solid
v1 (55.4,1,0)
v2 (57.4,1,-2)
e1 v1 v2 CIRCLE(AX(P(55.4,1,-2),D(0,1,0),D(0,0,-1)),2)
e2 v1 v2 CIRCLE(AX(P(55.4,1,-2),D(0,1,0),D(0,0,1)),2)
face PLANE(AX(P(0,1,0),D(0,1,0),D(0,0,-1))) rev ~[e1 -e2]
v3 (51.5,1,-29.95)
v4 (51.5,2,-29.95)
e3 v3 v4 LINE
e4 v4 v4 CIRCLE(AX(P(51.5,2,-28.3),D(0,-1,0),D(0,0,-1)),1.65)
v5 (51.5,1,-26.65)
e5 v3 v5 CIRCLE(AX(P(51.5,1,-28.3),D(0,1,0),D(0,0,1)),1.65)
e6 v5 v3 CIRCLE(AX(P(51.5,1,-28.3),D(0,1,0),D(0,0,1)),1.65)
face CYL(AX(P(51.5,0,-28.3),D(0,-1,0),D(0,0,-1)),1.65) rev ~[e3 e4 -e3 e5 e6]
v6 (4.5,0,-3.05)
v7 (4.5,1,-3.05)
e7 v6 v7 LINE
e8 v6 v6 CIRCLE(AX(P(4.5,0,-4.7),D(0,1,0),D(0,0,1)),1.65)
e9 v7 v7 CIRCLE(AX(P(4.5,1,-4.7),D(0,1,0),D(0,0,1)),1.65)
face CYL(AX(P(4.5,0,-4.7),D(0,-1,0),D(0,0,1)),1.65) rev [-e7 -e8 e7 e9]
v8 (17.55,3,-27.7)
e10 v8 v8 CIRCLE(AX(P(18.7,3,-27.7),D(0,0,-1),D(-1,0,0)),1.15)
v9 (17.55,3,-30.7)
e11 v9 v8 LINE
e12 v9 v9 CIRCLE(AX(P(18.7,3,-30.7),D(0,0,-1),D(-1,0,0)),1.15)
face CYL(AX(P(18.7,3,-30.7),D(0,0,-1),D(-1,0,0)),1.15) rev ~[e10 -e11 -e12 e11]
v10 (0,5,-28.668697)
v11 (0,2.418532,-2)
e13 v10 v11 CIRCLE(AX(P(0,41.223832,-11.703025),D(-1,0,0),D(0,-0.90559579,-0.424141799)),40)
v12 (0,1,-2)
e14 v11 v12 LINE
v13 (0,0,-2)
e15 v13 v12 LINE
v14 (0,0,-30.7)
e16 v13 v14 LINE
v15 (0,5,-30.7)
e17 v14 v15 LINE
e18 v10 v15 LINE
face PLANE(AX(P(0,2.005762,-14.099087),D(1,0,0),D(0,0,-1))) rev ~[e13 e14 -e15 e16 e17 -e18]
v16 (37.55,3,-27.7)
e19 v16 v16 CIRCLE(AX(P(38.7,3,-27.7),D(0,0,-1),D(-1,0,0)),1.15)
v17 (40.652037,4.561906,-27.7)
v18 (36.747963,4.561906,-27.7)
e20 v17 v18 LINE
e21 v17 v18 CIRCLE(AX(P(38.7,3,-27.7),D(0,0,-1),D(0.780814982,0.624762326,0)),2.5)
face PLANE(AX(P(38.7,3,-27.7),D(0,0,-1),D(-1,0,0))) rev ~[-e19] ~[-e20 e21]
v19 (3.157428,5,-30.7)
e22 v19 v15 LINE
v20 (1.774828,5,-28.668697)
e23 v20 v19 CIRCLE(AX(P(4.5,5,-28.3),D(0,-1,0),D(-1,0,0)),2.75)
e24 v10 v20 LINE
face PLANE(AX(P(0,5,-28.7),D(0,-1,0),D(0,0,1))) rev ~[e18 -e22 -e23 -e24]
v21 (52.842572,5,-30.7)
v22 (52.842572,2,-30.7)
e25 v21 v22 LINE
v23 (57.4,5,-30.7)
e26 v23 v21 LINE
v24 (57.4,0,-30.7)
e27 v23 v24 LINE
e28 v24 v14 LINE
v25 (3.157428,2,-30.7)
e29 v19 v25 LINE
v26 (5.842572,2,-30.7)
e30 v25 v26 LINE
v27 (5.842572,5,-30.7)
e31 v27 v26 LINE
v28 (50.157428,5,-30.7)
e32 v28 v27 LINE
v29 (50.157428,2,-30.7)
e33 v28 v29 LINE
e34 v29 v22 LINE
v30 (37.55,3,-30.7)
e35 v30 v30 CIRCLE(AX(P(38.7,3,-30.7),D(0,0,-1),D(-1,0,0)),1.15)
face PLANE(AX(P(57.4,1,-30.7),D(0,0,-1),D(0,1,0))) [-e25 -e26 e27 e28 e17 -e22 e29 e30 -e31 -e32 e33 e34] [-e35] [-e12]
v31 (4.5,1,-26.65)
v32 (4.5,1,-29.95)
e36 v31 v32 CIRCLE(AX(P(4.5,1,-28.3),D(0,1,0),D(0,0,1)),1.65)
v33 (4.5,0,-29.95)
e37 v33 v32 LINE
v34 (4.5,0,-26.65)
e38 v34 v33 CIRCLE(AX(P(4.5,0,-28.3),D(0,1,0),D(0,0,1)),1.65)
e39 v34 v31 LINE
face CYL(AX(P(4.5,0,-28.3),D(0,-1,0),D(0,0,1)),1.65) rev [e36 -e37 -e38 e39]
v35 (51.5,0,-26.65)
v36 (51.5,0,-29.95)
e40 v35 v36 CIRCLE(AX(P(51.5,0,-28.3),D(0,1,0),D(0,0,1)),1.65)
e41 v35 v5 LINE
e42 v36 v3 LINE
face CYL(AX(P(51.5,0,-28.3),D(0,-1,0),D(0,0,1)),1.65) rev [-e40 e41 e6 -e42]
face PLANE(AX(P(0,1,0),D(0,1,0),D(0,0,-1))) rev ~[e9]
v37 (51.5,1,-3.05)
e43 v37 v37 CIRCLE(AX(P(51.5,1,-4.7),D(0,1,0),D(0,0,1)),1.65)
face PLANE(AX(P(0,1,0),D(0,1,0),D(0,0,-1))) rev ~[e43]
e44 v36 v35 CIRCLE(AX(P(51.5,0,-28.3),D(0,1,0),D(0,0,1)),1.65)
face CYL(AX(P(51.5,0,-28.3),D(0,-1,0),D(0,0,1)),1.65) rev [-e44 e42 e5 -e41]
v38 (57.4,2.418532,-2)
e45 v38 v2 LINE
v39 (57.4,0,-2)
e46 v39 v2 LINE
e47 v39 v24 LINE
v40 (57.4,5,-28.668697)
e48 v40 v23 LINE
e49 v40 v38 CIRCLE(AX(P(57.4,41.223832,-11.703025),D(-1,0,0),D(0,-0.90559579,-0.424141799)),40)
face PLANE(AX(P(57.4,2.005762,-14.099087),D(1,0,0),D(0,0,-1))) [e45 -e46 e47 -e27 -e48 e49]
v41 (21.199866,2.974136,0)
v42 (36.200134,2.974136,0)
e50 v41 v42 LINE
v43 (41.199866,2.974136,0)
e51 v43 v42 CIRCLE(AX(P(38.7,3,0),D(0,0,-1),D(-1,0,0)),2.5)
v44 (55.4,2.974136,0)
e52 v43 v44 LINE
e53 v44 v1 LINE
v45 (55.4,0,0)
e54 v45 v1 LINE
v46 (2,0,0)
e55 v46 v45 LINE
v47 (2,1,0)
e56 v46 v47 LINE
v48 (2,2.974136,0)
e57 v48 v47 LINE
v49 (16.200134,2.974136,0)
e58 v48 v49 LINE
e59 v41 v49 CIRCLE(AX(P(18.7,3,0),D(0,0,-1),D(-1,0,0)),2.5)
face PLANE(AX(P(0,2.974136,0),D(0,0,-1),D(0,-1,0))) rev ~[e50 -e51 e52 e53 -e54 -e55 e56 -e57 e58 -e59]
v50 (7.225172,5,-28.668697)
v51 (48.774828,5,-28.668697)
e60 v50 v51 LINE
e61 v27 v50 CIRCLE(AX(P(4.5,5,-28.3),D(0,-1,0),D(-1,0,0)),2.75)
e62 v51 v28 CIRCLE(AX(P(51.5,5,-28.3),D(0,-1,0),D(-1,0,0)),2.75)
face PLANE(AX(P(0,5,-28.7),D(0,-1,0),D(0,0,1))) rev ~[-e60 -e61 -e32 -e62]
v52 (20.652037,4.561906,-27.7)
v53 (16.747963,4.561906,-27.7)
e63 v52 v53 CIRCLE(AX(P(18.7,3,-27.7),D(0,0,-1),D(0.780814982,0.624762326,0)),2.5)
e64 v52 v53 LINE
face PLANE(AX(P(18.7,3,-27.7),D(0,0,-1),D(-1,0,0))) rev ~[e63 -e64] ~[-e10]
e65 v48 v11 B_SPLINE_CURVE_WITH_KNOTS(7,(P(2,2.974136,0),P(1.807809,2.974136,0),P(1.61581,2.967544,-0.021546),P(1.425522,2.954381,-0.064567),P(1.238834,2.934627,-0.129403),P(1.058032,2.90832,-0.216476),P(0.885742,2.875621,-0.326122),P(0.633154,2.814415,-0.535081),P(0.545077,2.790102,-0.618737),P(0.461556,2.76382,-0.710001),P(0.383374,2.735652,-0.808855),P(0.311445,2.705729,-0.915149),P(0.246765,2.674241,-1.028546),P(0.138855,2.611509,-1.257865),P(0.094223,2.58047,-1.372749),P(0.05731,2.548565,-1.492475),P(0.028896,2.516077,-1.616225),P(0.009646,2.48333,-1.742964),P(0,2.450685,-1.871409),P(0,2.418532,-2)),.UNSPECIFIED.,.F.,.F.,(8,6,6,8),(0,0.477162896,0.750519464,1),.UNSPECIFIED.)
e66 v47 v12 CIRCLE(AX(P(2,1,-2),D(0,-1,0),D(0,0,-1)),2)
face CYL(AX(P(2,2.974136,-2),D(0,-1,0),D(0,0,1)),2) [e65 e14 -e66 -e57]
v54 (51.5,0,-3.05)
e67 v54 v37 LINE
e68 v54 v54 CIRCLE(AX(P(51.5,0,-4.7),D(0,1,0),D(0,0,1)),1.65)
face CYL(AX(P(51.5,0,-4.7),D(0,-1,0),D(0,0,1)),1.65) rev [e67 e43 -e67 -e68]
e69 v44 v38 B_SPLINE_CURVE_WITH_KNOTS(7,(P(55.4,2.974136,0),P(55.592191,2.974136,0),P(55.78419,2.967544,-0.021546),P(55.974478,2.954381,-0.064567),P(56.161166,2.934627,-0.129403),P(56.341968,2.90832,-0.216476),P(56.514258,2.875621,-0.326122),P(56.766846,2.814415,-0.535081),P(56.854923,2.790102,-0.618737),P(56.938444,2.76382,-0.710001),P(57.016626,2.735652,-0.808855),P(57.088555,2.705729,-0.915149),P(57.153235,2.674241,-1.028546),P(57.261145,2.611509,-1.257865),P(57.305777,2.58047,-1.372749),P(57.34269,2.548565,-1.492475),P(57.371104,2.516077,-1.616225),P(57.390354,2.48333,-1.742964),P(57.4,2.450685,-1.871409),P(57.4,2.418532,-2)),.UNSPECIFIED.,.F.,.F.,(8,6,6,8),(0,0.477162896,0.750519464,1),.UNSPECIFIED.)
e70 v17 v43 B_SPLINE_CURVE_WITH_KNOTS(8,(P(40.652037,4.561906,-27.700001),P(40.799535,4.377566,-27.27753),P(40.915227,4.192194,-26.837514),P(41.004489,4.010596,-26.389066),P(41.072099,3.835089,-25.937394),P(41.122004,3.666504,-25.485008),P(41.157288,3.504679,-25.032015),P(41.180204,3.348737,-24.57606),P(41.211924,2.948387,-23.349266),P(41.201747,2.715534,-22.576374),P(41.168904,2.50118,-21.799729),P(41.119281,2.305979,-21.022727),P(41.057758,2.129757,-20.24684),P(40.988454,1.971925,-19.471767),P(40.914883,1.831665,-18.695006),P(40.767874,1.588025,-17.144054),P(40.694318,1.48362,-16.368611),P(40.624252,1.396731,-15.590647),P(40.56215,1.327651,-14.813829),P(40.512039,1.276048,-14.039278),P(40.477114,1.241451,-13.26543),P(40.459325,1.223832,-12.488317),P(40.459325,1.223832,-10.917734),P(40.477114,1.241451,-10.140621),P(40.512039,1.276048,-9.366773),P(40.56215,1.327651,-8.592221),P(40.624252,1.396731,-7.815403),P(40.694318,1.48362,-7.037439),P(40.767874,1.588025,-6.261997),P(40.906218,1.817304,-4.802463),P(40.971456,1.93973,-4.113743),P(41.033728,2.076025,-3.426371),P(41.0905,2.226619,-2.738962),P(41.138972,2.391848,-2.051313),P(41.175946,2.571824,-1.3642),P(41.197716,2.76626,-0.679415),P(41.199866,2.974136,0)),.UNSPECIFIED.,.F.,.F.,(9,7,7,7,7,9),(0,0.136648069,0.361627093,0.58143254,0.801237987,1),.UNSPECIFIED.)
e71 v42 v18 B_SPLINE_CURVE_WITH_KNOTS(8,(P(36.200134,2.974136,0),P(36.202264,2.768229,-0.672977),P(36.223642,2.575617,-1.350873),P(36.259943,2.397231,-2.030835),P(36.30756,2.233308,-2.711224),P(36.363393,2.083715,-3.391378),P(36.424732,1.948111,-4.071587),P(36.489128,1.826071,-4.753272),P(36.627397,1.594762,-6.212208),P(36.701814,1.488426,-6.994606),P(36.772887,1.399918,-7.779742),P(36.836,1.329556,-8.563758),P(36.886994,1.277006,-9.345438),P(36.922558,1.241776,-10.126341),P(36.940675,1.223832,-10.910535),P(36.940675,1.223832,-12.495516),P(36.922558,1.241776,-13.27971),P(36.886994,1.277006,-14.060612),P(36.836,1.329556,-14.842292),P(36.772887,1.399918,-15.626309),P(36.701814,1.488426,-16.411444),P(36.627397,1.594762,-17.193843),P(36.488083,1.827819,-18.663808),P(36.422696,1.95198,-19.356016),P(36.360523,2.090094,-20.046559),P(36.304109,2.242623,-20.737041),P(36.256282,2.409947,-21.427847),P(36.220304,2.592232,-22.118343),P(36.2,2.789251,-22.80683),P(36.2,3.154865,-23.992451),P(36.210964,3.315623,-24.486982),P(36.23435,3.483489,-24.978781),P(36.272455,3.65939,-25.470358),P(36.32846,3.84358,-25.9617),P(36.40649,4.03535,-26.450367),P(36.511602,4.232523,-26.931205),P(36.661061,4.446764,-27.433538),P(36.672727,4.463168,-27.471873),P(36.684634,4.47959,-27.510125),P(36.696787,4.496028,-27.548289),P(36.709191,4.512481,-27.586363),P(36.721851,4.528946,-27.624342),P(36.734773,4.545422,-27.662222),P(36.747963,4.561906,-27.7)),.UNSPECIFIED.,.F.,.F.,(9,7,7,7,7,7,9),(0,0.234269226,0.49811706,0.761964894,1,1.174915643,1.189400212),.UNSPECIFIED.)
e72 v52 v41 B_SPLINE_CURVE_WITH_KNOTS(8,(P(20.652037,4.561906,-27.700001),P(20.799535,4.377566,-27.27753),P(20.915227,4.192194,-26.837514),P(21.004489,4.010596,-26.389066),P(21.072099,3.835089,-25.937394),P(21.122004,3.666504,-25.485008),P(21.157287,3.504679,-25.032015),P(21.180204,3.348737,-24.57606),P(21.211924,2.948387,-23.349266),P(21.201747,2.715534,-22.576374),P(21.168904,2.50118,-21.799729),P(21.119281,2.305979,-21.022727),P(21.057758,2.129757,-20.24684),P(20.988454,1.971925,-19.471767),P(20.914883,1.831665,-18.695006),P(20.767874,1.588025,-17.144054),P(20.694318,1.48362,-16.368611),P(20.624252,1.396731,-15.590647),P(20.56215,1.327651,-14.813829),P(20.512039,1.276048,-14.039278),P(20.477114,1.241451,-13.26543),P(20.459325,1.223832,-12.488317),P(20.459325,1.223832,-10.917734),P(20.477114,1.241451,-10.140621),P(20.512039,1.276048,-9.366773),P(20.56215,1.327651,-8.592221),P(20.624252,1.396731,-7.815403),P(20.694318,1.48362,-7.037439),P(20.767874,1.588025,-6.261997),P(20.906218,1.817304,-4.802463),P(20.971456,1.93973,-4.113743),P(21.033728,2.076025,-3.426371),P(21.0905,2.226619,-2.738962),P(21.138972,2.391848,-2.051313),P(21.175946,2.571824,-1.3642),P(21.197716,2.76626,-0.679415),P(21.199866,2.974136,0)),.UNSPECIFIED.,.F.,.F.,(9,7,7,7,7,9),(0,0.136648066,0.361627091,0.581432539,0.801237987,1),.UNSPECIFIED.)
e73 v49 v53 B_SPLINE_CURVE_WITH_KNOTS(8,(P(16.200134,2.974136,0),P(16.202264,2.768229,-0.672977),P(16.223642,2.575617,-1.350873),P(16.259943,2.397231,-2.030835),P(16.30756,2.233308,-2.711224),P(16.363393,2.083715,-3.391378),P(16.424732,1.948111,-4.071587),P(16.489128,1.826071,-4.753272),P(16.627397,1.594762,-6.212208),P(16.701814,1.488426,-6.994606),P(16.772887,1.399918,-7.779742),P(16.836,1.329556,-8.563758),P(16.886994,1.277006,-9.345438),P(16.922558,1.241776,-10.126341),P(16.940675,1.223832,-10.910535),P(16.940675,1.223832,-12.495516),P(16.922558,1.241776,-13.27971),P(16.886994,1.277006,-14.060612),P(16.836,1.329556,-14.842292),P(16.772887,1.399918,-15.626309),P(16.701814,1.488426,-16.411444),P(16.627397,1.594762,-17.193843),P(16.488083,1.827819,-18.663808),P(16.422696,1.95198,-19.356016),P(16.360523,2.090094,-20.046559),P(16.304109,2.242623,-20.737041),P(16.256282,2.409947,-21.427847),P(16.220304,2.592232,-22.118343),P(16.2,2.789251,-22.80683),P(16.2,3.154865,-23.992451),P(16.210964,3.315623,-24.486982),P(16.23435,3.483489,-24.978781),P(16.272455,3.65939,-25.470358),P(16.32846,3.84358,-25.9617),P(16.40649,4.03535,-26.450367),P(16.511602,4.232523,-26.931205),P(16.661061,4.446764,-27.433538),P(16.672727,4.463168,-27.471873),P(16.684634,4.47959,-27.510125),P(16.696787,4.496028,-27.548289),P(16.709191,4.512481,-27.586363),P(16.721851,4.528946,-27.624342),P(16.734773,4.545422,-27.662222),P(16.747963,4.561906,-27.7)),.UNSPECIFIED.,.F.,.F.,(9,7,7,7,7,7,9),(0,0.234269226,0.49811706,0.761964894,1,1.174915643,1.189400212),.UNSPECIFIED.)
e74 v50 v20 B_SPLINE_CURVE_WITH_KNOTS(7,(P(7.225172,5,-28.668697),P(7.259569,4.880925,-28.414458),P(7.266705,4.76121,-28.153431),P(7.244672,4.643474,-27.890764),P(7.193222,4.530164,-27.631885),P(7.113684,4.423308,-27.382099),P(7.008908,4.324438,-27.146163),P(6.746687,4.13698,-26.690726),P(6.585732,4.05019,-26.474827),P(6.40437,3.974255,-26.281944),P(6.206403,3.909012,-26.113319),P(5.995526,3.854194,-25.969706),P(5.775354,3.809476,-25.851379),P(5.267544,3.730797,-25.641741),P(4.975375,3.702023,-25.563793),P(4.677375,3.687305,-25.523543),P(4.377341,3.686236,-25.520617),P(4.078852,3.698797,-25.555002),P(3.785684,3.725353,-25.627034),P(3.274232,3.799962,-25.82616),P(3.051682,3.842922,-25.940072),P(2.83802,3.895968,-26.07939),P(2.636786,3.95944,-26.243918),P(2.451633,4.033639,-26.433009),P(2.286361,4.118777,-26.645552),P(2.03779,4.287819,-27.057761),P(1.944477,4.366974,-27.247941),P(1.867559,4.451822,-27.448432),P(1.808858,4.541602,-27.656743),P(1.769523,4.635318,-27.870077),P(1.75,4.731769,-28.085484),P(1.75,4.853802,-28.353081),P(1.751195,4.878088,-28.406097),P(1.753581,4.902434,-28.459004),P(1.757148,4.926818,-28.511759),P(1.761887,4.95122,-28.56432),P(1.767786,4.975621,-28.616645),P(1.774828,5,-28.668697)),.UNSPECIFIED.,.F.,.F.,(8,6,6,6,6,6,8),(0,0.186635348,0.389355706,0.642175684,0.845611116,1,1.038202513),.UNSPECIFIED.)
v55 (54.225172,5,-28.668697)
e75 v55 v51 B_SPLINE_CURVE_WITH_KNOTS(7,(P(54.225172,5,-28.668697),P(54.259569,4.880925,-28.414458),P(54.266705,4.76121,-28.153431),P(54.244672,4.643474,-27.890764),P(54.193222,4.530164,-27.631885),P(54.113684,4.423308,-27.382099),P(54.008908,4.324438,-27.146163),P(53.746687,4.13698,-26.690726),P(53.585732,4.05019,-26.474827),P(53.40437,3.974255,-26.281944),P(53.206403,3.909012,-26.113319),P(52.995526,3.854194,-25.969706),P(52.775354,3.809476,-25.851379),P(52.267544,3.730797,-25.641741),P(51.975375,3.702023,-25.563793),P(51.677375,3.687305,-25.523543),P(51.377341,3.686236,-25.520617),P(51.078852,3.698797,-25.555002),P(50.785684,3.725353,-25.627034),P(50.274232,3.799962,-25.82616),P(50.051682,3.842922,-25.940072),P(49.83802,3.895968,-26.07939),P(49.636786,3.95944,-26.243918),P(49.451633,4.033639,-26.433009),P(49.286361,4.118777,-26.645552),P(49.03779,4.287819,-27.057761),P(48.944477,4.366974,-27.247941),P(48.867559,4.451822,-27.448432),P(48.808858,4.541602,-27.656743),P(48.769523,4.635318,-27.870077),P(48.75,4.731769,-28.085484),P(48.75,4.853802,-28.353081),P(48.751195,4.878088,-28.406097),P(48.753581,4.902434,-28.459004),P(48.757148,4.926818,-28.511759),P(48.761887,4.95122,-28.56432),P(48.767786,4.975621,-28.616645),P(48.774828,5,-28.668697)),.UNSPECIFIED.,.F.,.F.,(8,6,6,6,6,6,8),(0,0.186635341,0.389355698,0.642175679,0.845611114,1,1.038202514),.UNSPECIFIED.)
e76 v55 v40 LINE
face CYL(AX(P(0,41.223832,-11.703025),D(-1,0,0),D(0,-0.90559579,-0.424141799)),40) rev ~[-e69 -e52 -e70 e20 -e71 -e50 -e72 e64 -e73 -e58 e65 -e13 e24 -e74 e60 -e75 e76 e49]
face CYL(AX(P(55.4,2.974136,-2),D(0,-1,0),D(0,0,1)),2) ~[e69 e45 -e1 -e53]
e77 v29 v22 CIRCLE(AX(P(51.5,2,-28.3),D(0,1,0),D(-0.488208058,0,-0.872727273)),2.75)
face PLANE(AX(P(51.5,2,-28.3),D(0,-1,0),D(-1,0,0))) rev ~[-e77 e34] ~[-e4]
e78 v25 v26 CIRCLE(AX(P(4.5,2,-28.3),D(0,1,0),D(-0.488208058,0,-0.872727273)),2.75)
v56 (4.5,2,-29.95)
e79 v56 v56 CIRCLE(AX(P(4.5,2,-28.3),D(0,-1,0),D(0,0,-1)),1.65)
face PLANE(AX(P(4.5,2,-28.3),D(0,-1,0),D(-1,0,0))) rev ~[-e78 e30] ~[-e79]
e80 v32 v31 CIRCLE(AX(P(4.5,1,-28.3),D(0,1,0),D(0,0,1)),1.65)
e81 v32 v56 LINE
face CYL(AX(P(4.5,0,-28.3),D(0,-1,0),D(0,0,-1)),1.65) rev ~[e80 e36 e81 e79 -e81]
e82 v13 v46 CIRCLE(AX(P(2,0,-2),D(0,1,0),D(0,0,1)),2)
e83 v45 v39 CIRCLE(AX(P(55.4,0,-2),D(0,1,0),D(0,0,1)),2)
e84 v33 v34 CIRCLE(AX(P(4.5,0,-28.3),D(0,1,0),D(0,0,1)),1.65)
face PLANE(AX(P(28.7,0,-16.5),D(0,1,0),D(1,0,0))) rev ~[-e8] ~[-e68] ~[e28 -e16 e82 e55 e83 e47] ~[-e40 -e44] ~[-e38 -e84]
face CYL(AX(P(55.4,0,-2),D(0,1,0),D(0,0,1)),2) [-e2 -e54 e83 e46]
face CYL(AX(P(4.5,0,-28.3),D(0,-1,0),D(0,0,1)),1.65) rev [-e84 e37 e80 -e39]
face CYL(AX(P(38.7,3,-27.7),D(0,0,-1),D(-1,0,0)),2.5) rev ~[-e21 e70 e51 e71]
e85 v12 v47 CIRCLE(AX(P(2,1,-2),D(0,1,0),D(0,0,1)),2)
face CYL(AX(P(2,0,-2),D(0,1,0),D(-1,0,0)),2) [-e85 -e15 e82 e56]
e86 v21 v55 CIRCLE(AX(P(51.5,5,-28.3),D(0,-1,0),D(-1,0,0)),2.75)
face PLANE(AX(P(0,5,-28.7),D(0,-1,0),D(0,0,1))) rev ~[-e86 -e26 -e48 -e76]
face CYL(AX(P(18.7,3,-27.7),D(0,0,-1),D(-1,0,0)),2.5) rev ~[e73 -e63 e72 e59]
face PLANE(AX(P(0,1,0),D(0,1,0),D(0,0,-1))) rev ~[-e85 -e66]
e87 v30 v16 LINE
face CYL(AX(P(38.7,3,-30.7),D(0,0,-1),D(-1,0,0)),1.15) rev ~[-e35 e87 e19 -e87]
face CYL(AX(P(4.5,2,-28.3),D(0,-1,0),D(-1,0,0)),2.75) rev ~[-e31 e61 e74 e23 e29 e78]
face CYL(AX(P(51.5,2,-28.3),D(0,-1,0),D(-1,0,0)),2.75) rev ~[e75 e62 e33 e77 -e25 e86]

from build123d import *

# Parameters (mm, degrees)
SKETCH1_W           = 57.4
SKETCH1_H           = 33
SKETCH1_R           = 1.65
BOSS_EXTRUDE1_DEPTH = 1
CUT_EXTRUDE1_REACH  = 68.218
SKETCH2_W           = 57.4
SKETCH2_H           = 2.3
BOSS_EXTRUDE2_DEPTH = 57.4
FILLET1_R           = 2
BOSS_EXTRUDE3_DEPTH = 57.4
SKETCH4_R           = 1.65
CUT_EXTRUDE2_DEPTH  = 2
CUT_EXTRUDE3_REACH  = 67.163
SKETCH5_R           = 2.75
SKETCH6_R           = 1.15
CUT_EXTRUDE4_DEPTH  = 3
SKETCH9_R           = 2.5
CUT_EXTRUDE5_DEPTH  = 64.930040028
FILLET2_R           = 2


with BuildPart() as part:
    # Sketch1 → Boss-Extrude1 (new body)
    with BuildSketch(Plane(origin=(0, 0, 0), x_dir=(1, 0, 0), z_dir=(0, 1, 0))):
        with Locations((28.7, 16.5)):
            Rectangle(SKETCH1_W, SKETCH1_H)
        with Locations(Location((4.5, 28.3, 0), (0, 0, 270))):
            Circle(SKETCH1_R, mode=Mode.SUBTRACT)
        with Locations(Location((51.5, 28.3, 0), (0, 0, 270))):
            Circle(SKETCH1_R, mode=Mode.SUBTRACT)
        with Locations(Location((4.5, 4.7, 0), (0, 0, 270))):
            Circle(SKETCH1_R, mode=Mode.SUBTRACT)
        with Locations(Location((51.5, 4.7, 0), (0, 0, 270))):
            Circle(SKETCH1_R, mode=Mode.SUBTRACT)
    extrude(amount=BOSS_EXTRUDE1_DEPTH)

    # Sketch2 → Cut-Extrude1 (cut, up to next)
    with BuildSketch(Plane(origin=(0, 1, 0), x_dir=(1, 0, 0), z_dir=(0, 1, 0)), mode=Mode.PRIVATE) as cut_extrude1_sk1:
        with Locations((28.7, 31.85)):
            Rectangle(SKETCH2_W, SKETCH2_H)
    cut_extrude1_tool1 = extrude(cut_extrude1_sk1.sketch, amount=-CUT_EXTRUDE1_REACH, mode=Mode.PRIVATE) & part.part
    add(cut_extrude1_tool1.solids().sort_by_distance((28.7, 1, -31.85))[0], mode=Mode.SUBTRACT)

    # Sketch3 → Boss-Extrude2 (add)
    with BuildSketch(Plane(origin=(57.4, 0, 0), x_dir=(0, 0, -1), z_dir=(1, 0, 0))):
        Polygon((30.7, 1), (30.7, 5), (28.7, 5), (20.7, 1), align=None)
    extrude(amount=-BOSS_EXTRUDE2_DEPTH)

    # Fillet1
    fillet1_edges = [part.edges().sort_by_distance(p)[0] for p in [
        (57.4, 0.5, 0),
        (0, 0.5, 0),
    ]]
    fillet(fillet1_edges, radius=FILLET1_R)

    # Sketch10 → Boss-Extrude3 (add)
    with BuildSketch(Plane(origin=(0, 0, 0), x_dir=(0, 0, -1), z_dir=(1, 0, 0))):
        with BuildLine():
            Line((0, 1), (2, 1))
            Line((2, 1), (20.7, 1))
            Line((20.7, 1), (28.7, 5))
            Line((28.7, 5), (28.668697288, 5))
            ThreePointArc((28.668697288, 5), (14.522580868, 1.323329002), (0, 2.974136187))
            Line((0, 2.974136187), (0, 1))
        make_face()
    extrude(amount=BOSS_EXTRUDE3_DEPTH)

    # Sketch4 → Cut-Extrude2 (cut)
    with BuildSketch(Plane(origin=(0, 0, 0), x_dir=(-1, 0, 0), z_dir=(0, -1, 0))):
        with Locations(Location((-4.5, 28.3, 0), (0, 0, 90))):
            Circle(SKETCH4_R)
        with Locations(Location((-51.5, 28.3, 0), (0, 0, 90))):
            Circle(SKETCH4_R)
    extrude(amount=-CUT_EXTRUDE2_DEPTH, mode=Mode.SUBTRACT)

    # Sketch5 → Cut-Extrude3 (cut, up to next)
    with BuildSketch(Plane(origin=(0, 2, 0), x_dir=(-1, 0, 0), z_dir=(0, -1, 0)), mode=Mode.PRIVATE) as cut_extrude3_sk1:
        with Locations((-4.5, 28.3)):
            Circle(SKETCH5_R)
    cut_extrude3_tool1 = extrude(cut_extrude3_sk1.sketch, amount=-CUT_EXTRUDE3_REACH, mode=Mode.PRIVATE) & part.part
    # Sketch5 → Cut-Extrude3 (cut, up to next)
    with BuildSketch(Plane(origin=(0, 2, 0), x_dir=(-1, 0, 0), z_dir=(0, -1, 0)), mode=Mode.PRIVATE) as cut_extrude3_sk2:
        with Locations((-51.5, 28.3)):
            Circle(SKETCH5_R)
    cut_extrude3_tool2 = extrude(cut_extrude3_sk2.sketch, amount=-CUT_EXTRUDE3_REACH, mode=Mode.PRIVATE) & part.part
    add(cut_extrude3_tool1.solids().sort_by_distance((4.5, 2, -28.3))[0], mode=Mode.SUBTRACT)
    add(cut_extrude3_tool2.solids().sort_by_distance((51.5, 2, -28.3))[0], mode=Mode.SUBTRACT)

    # Sketch6 → Cut-Extrude4 (cut)
    with BuildSketch(Plane(origin=(0, 0, -30.7), x_dir=(-1, 0, 0), z_dir=(0, 0, -1))):
        with Locations((-38.7, 3)):
            Circle(SKETCH6_R)
        with Locations((-18.7, 3)):
            Circle(SKETCH6_R)
    extrude(amount=-CUT_EXTRUDE4_DEPTH, mode=Mode.SUBTRACT)

    # Sketch9 → Cut-Extrude5 (cut, through all)
    with BuildSketch(Plane(origin=(0, 0, -27.7), x_dir=(-1, 0, 0), z_dir=(0, 0, -1))):
        with Locations((-38.7, 3)):
            Circle(SKETCH9_R)
        with Locations((-18.7, 3)):
            Circle(SKETCH9_R)
    extrude(amount=-CUT_EXTRUDE5_DEPTH, mode=Mode.SUBTRACT)

    # Fillet2
    fillet2_edges = [part.edges().sort_by_distance(p)[0] for p in [
        (0, 1.987068094, 0),
        (57.4, 1.987068094, 0),
    ]]
    fillet(fillet2_edges, radius=FILLET2_R)


solid = part.part
